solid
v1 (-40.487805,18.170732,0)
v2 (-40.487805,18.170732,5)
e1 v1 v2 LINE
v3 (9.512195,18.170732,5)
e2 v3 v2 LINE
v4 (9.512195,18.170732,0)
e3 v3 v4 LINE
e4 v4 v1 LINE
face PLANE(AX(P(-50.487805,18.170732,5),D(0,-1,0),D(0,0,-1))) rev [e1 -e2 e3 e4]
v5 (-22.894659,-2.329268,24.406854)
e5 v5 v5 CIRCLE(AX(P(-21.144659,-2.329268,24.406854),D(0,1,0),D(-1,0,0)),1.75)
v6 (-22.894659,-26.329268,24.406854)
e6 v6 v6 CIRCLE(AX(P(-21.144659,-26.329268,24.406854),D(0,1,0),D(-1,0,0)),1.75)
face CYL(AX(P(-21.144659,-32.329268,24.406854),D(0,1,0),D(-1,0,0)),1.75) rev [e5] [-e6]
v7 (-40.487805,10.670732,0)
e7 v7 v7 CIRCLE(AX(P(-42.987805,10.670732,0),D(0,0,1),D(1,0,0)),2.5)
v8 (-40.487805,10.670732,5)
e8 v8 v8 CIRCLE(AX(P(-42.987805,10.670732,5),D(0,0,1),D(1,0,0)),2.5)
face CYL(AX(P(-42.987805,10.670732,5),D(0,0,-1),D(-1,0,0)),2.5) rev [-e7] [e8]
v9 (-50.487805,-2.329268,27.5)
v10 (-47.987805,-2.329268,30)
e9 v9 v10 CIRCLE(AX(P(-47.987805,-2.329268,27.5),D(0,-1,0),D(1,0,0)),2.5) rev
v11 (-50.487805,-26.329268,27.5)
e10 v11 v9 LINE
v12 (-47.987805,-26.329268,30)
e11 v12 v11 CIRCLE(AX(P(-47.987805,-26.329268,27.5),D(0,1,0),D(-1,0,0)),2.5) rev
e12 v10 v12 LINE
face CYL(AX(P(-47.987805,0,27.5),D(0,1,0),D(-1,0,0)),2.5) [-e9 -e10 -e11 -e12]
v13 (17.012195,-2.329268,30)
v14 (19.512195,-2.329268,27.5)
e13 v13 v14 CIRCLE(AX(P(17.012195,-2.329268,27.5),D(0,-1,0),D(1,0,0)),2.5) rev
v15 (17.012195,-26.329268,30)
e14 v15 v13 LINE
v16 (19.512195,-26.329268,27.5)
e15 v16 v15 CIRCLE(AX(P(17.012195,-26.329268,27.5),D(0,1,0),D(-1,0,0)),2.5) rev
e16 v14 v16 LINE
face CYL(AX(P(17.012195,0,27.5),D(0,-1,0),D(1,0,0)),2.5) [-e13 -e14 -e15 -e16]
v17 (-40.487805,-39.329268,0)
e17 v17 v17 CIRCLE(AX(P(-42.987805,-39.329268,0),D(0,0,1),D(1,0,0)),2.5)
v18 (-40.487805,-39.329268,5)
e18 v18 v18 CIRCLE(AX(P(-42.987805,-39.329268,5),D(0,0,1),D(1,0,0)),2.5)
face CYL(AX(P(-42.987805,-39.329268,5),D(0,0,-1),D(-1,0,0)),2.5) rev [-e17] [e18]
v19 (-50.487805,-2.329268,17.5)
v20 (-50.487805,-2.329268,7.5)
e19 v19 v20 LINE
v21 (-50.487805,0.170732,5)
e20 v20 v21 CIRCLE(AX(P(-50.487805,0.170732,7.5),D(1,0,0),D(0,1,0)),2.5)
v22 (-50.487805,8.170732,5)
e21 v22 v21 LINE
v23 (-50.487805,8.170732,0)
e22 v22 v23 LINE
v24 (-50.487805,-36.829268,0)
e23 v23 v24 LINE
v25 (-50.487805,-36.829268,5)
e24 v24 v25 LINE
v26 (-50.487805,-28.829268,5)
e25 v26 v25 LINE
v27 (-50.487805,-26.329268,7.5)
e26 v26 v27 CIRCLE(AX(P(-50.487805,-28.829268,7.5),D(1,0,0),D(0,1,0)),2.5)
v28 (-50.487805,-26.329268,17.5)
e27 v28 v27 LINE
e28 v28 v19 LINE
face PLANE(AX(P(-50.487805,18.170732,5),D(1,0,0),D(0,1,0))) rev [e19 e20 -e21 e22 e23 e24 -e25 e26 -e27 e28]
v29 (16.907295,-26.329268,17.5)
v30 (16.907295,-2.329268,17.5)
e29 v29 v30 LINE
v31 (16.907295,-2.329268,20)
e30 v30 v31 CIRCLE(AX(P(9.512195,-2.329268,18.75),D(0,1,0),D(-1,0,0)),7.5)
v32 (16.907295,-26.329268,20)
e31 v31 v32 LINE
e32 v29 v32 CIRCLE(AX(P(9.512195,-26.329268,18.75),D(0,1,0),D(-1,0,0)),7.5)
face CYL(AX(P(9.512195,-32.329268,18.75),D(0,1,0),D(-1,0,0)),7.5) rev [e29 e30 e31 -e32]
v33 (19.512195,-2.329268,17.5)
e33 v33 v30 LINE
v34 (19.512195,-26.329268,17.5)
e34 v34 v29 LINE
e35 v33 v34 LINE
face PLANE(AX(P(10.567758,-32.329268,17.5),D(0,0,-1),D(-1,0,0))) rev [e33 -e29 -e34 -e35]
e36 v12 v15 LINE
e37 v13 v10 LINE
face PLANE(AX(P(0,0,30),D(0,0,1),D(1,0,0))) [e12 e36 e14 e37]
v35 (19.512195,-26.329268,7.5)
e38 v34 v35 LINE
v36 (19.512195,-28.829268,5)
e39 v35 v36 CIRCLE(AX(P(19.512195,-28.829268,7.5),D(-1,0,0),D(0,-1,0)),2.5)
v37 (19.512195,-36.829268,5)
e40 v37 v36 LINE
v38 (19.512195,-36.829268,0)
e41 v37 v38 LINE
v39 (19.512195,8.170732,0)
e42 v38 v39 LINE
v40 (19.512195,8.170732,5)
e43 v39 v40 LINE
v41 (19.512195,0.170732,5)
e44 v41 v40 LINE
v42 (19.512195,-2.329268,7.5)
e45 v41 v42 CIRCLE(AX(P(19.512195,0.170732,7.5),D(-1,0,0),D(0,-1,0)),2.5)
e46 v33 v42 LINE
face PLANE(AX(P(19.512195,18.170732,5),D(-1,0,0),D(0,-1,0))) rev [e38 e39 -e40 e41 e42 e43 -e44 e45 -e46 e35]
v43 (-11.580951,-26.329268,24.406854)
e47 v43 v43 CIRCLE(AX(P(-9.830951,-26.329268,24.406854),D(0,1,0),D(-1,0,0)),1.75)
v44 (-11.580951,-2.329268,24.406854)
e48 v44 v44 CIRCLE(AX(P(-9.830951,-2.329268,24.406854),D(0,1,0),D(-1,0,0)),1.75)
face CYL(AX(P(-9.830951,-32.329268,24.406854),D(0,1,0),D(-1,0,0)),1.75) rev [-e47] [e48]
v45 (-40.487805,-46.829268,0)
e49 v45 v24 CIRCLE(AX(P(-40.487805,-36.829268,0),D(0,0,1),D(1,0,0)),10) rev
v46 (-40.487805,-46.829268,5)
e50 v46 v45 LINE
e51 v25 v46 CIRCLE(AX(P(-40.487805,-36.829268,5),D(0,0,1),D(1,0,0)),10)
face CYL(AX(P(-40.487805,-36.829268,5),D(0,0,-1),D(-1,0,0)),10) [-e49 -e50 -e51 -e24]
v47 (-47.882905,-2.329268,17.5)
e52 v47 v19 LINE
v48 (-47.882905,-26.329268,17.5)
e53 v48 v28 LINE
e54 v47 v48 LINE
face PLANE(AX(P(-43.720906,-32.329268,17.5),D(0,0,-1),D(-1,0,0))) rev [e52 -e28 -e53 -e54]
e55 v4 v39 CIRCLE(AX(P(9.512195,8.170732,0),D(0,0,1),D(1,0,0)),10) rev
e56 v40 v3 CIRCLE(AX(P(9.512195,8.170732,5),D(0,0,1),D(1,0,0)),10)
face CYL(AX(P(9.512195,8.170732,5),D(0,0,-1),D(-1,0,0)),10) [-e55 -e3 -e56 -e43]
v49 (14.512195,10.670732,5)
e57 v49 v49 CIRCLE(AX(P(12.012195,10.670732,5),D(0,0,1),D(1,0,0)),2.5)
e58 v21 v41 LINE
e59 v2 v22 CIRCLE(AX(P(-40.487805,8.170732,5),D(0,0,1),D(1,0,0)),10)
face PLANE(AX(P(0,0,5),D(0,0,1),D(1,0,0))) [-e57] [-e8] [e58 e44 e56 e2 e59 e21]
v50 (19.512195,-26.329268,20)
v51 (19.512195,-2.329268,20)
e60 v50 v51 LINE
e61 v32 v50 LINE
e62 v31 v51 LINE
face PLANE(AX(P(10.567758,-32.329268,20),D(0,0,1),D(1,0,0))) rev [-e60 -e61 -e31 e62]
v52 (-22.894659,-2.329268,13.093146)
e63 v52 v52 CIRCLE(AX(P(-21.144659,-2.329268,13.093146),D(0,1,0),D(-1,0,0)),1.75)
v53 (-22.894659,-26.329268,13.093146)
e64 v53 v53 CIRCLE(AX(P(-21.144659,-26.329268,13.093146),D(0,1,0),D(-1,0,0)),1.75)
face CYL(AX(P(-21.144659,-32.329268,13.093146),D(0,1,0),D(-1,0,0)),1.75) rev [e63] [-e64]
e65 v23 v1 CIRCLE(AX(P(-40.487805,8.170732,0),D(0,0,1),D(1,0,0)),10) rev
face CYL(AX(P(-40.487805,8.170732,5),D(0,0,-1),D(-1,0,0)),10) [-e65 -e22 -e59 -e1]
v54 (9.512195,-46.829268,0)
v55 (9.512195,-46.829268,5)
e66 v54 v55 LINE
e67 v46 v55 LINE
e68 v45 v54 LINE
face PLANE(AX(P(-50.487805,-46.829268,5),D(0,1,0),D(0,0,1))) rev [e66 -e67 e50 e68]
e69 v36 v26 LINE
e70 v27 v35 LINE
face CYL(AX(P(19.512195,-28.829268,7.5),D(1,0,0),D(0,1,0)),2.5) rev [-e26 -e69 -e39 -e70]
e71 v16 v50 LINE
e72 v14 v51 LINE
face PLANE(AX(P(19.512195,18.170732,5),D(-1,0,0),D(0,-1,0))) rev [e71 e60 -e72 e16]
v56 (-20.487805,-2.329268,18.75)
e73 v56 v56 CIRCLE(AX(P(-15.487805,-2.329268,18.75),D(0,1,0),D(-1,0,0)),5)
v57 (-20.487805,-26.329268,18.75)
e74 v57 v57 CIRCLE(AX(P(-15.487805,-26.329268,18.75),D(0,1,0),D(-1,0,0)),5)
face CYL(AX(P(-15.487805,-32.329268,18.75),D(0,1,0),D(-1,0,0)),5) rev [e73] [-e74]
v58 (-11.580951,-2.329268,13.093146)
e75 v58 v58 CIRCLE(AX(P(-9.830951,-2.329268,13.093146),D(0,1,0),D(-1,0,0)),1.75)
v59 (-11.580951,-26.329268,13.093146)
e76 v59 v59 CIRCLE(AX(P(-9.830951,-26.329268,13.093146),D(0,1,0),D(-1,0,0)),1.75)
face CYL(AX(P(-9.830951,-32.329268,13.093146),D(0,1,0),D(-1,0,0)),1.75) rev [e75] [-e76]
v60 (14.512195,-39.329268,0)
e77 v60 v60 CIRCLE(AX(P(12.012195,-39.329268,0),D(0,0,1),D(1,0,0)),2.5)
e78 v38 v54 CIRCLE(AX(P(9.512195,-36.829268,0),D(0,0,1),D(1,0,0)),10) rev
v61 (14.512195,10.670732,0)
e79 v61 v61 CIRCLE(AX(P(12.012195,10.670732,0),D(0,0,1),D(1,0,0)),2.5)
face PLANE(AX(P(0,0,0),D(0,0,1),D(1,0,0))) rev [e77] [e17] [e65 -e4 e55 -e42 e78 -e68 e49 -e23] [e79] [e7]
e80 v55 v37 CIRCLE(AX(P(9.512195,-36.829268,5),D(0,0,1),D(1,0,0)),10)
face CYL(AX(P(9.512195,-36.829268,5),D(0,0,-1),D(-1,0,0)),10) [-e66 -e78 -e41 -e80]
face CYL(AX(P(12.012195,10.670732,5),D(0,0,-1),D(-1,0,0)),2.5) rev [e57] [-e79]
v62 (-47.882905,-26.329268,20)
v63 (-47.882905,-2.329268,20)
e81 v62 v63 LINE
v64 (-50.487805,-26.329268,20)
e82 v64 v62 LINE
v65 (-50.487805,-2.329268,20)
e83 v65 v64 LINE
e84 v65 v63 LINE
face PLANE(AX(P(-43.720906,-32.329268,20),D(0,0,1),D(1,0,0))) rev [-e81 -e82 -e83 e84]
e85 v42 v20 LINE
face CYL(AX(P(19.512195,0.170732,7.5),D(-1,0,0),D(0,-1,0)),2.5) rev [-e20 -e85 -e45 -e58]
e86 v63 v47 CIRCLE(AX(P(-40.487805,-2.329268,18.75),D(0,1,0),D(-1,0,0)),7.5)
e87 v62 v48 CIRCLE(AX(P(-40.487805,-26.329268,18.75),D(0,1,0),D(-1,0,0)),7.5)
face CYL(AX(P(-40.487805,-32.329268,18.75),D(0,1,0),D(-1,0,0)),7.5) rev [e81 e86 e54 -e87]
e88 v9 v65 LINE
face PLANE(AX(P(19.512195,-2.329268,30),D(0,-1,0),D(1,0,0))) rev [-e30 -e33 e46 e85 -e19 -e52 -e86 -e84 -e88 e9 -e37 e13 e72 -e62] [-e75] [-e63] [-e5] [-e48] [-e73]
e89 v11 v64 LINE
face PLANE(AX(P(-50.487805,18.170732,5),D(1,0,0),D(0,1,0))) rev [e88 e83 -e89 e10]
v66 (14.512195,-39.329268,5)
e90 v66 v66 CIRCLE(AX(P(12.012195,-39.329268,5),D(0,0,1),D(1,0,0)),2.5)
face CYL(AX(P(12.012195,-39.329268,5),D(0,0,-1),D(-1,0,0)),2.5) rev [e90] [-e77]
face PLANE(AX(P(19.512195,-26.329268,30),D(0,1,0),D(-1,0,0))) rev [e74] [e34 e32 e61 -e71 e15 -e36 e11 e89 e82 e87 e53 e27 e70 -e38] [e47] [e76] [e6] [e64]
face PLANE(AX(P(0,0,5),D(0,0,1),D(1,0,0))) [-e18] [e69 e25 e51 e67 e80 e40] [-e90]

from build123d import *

# Parameters (mm, degrees)
SKETCH1_W           = 70
SKETCH1_H           = 65
SKETCH1_R           = 2.5
BOSS_EXTRUDE1_DEPTH = 5
FILLET1_R           = 10
SKETCH2_W           = 70
SKETCH2_H           = 24
BOSS_EXTRUDE2_DEPTH = 25
FILLET2_R           = 2.5
SKETCH3_R           = 5
SKETCH3_R_2         = 7.5
CUT_EXTRUDE1_DEPTH  = 30
SKETCH4_R           = 1.75
CUT_EXTRUDE2_DEPTH  = 30
FILLET3_R           = 2.5
SKETCH6_W           = 8.533797122
SKETCH6_H           = 2.5
SKETCH6_W_2         = 12.888873946
CUT_EXTRUDE3_DEPTH  = 30


with BuildPart() as part:
    # Sketch1 → Boss-Extrude1 (new body)
    with BuildSketch(Plane.XY):
        with Locations((-15.487804878, -14.329268293)):
            Rectangle(SKETCH1_W, SKETCH1_H)
        with Locations((-42.987804878, 10.670731707)):
            Circle(SKETCH1_R, mode=Mode.SUBTRACT)
        with Locations((12.012195122, 10.670731707)):
            Circle(SKETCH1_R, mode=Mode.SUBTRACT)
        with Locations((-42.987804878, -39.329268293)):
            Circle(SKETCH1_R, mode=Mode.SUBTRACT)
        with Locations((12.012195122, -39.329268293)):
            Circle(SKETCH1_R, mode=Mode.SUBTRACT)
    extrude(amount=BOSS_EXTRUDE1_DEPTH)

    # Fillet1
    fillet1_edges = [part.edges().sort_by_distance(p)[0] for p in [
        (-50.487804878, 18.170731707, 2.5),
        (19.512195122, 18.170731707, 2.5),
        (19.512195122, -46.829268293, 2.5),
        (-50.487804878, -46.829268293, 2.5),
    ]]
    fillet(fillet1_edges, radius=FILLET1_R)

    # Sketch2 → Boss-Extrude2 (add)
    with BuildSketch(Plane.XY.offset(5)):
        with Locations((-15.487804878, -14.329268293)):
            Rectangle(SKETCH2_W, SKETCH2_H)
    extrude(amount=BOSS_EXTRUDE2_DEPTH)

    # Fillet2
    fillet2_edges = [part.edges().sort_by_distance(p)[0] for p in [
        (-15.487804878, -26.329268293, 5),
        (-15.487804878, -2.329268293, 5),
    ]]
    fillet(fillet2_edges, radius=FILLET2_R)

    # Sketch3 → Cut-Extrude1 (cut)
    with BuildSketch(Plane(origin=(0, -2.329268293, 0), x_dir=(1, 0, 0), z_dir=(0, 1, 0))):
        with Locations(Location((-15.487804878, -18.75, 0), (0, 0, 180))):
            Circle(SKETCH3_R)
        with Locations(Location((-40.487804878, -18.75, 0), (0, 0, 180))):
            Circle(SKETCH3_R_2)
        with Locations(Location((9.512195122, -18.75, 0), (0, 0, 180))):
            Circle(SKETCH3_R_2)
    extrude(amount=-CUT_EXTRUDE1_DEPTH, mode=Mode.SUBTRACT)

    # Sketch4 → Cut-Extrude2 (cut)
    with BuildSketch(Plane(origin=(0, -2.329268293, 0), x_dir=(1, 0, 0), z_dir=(0, 1, 0))):
        with Locations(Location((-21.144659128, -13.093145751, 0), (0, 0, 180))):
            Circle(SKETCH4_R)
        with Locations(Location((-9.830950629, -13.093145751, 0), (0, 0, 180))):
            Circle(SKETCH4_R)
        with Locations(Location((-9.830950629, -24.406854249, 0), (0, 0, 180))):
            Circle(SKETCH4_R)
        with Locations(Location((-21.144659128, -24.406854249, 0), (0, 0, 180))):
            Circle(SKETCH4_R)
    extrude(amount=-CUT_EXTRUDE2_DEPTH, mode=Mode.SUBTRACT)

    # Fillet3
    fillet3_edges = [part.edges().sort_by_distance(p)[0] for p in [
        (-50.487804878, -14.329268293, 30),
        (19.512195122, -14.329268293, 30),
    ]]
    fillet(fillet3_edges, radius=FILLET3_R)

    # Sketch6 → Cut-Extrude3 (cut)
    with BuildSketch(Plane(origin=(0, -2.329268293, 0), x_dir=(1, 0, 0), z_dir=(0, 1, 0))):
        with Locations((-47.987804878, -18.75)):
            Rectangle(SKETCH6_W, SKETCH6_H)
        with Locations((17.012195122, -18.75)):
            Rectangle(SKETCH6_W_2, SKETCH6_H)
    extrude(amount=-CUT_EXTRUDE3_DEPTH, mode=Mode.SUBTRACT)


solid = part.part
